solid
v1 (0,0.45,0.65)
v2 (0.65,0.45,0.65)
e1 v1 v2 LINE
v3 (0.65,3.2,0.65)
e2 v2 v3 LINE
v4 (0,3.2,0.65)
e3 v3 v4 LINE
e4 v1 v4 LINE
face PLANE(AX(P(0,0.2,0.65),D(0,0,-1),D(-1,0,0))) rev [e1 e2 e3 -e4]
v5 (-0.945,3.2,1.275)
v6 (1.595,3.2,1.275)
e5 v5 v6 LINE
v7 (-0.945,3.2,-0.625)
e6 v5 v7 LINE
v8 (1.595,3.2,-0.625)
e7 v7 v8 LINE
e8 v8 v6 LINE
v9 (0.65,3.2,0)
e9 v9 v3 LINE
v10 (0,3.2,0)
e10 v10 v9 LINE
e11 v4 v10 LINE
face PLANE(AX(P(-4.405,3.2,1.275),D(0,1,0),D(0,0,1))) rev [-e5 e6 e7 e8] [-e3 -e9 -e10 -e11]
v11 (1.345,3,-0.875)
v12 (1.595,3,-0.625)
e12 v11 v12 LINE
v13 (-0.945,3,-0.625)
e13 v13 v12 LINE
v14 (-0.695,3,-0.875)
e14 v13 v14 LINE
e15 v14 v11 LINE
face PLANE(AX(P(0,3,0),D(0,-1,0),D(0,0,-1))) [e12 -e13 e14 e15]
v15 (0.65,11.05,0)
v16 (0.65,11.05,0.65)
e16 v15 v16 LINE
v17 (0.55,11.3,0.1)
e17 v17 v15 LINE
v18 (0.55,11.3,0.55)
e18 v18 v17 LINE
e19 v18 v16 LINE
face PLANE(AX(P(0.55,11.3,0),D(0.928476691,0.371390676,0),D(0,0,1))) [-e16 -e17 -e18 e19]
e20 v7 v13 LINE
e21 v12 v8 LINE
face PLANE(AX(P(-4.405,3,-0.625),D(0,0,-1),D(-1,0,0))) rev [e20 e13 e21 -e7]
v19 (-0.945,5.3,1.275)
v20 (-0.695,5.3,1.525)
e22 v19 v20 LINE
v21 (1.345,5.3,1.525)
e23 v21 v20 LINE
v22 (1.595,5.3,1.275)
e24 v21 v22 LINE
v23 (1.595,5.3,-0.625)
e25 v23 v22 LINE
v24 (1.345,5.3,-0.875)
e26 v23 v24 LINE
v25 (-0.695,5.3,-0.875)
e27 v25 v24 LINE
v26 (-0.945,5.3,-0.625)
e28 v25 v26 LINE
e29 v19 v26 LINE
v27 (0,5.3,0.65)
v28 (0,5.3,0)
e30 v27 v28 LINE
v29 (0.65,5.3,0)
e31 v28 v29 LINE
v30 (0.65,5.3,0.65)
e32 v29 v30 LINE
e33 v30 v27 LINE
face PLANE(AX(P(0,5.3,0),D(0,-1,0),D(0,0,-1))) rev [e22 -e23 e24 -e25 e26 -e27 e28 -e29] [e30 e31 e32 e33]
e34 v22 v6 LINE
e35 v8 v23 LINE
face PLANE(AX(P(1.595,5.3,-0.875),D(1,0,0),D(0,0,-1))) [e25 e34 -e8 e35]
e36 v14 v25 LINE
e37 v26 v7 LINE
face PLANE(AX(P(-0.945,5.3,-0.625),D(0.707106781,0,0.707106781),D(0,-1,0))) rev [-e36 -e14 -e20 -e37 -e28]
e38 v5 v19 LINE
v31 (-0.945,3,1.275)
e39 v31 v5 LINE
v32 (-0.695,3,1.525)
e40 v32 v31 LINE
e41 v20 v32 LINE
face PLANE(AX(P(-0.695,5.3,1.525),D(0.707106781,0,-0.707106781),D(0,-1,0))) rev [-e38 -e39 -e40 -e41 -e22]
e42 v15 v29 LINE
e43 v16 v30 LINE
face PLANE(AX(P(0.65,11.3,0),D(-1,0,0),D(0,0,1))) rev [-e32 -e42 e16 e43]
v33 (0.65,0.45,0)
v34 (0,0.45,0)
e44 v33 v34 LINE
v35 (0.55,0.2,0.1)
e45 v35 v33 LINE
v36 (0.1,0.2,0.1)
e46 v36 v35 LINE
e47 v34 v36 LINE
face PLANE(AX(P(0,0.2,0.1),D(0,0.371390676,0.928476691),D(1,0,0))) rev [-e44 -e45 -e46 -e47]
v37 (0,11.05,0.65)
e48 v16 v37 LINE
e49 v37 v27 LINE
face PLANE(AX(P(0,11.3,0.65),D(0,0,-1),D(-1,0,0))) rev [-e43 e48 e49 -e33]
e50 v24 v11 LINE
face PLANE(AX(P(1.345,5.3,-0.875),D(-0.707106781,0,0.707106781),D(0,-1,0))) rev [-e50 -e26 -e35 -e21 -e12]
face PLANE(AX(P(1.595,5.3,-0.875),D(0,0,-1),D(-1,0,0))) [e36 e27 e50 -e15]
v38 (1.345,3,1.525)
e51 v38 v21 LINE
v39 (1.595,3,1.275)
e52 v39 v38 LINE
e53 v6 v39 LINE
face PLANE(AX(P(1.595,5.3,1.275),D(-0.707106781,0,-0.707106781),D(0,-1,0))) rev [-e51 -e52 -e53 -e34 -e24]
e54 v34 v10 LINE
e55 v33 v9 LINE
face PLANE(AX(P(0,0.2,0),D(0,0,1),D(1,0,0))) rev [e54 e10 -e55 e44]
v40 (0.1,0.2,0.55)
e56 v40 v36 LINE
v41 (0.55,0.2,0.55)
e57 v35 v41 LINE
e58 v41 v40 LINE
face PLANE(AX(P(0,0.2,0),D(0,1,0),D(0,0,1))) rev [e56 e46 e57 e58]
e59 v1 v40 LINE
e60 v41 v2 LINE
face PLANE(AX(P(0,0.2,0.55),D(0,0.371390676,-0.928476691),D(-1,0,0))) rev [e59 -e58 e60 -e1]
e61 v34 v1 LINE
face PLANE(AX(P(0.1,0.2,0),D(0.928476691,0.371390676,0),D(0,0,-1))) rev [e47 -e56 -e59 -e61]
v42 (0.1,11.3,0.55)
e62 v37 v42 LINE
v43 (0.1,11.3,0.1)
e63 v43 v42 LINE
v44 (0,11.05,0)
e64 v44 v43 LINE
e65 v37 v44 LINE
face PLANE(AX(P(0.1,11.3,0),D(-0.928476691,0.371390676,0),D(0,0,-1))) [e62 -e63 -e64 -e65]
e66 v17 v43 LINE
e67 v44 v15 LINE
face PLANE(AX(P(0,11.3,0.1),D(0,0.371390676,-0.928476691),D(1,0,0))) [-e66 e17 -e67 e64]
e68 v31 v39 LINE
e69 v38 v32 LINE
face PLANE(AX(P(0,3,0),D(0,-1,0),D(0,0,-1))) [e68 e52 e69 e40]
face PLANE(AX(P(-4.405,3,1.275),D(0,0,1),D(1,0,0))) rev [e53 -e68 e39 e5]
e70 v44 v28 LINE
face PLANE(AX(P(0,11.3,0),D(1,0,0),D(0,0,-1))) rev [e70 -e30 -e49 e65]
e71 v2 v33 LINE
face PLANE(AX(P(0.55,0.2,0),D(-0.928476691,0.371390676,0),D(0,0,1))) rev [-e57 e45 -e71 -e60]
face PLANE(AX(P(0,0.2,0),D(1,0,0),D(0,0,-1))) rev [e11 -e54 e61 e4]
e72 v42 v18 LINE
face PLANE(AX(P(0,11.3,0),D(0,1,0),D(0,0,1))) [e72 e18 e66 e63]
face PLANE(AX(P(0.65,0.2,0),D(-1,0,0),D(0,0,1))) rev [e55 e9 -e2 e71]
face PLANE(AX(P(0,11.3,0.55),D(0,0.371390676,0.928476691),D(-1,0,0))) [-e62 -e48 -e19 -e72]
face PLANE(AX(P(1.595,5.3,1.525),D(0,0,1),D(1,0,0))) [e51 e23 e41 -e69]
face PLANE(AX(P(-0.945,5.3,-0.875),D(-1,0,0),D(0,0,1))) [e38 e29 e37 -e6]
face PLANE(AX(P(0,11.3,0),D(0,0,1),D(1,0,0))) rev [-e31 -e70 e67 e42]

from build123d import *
from OCP.BRepFilletAPI import BRepFilletAPI_MakeChamfer

# Parameters (mm, degrees)
SKETCH1_W           = 0.65
SKETCH1_H           = 0.65
BOSS_EXTRUDE1_DEPTH = 11.3
CHAMFER1_SIZE       = 0.25
CHAMFER1_SIZE2      = 0.1
CHAMFER2_SIZE       = 0.1
CHAMFER2_SIZE2      = 0.25
SKETCH2_W           = 2.54
SKETCH2_H           = 2.4
BOSS_EXTRUDE2_DEPTH = 2.3
CHAMFER3_SIZE       = 0.25
SKETCH6_W           = 1.9
SKETCH6_H           = 0.2
CUT_EXTRUDE5_DEPTH  = 6
SKETCH7_W           = 0.65
SKETCH7_H           = 0.65
BOSS_EXTRUDE4_DEPTH = 3
CHAMFER5_SIZE       = 0.25
CHAMFER5_SIZE2      = 0.1


with BuildPart() as part:
    # Sketch1 → Boss-Extrude1 (new body)
    with BuildSketch(Plane(origin=(0, 0, 0), x_dir=(1, 0, 0), z_dir=(0, 1, 0))):
        with Locations((0.325, -0.325)):
            Rectangle(SKETCH1_W, SKETCH1_H)
    extrude(amount=BOSS_EXTRUDE1_DEPTH)

    # Chamfer1: one chamfer whose edges measure the first distance from different faces: ONE call of the kernel's chamfer builder (chamfer() names one face for all edges)
    chamfer1_edges_1 = [part.edges().sort_by_distance(p)[0] for p in [
        (0.65, 11.3, 0.325),
    ]]
    chamfer1_side_1 = [part.faces().sort_by_distance(p)[0] for p in [
        (0.65, 5.65, 0.325),
    ]]
    chamfer1_edges_2 = [part.edges().sort_by_distance(p)[0] for p in [
        (0.325, 11.3, 0),
    ]]
    chamfer1_side_2 = [part.faces().sort_by_distance(p)[0] for p in [
        (0.325, 5.65, 0),
    ]]
    chamfer1_edges_3 = [part.edges().sort_by_distance(p)[0] for p in [
        (0, 11.3, 0.325),
    ]]
    chamfer1_side_3 = [part.faces().sort_by_distance(p)[0] for p in [
        (0, 5.65, 0.325),
    ]]
    chamfer1_edges_4 = [part.edges().sort_by_distance(p)[0] for p in [
        (0.325, 11.3, 0.65),
    ]]
    chamfer1_side_4 = [part.faces().sort_by_distance(p)[0] for p in [
        (0.325, 5.65, 0.65),
    ]]
    chamfer1 = BRepFilletAPI_MakeChamfer(part.part.solid().wrapped)
    for e in chamfer1_edges_1:
        chamfer1.Add(CHAMFER1_SIZE, CHAMFER1_SIZE2, e.wrapped, chamfer1_side_1[0].wrapped)  # the first distance lies on this face
    for e in chamfer1_edges_2:
        chamfer1.Add(CHAMFER1_SIZE, CHAMFER1_SIZE2, e.wrapped, chamfer1_side_2[0].wrapped)  # the first distance lies on this face
    for e in chamfer1_edges_3:
        chamfer1.Add(CHAMFER1_SIZE, CHAMFER1_SIZE2, e.wrapped, chamfer1_side_3[0].wrapped)  # the first distance lies on this face
    for e in chamfer1_edges_4:
        chamfer1.Add(CHAMFER1_SIZE, CHAMFER1_SIZE2, e.wrapped, chamfer1_side_4[0].wrapped)  # the first distance lies on this face
    add(Compound.cast(chamfer1.Shape()), mode=Mode.REPLACE)

    # Chamfer2
    chamfer2_edges = [part.edges().sort_by_distance(p)[0] for p in [
        (0.325, 0, 0),
        (0.65, 0, 0.325),
        (0.325, 0, 0.65),
        (0, 0, 0.325),
    ]]
    chamfer2_side = [part.faces().sort_by_distance(p)[0] for p in [
        (0.325, 0, 0.325),
    ]]
    chamfer(chamfer2_edges, length=CHAMFER2_SIZE, length2=CHAMFER2_SIZE2, reference=chamfer2_side[0])

    # Sketch2 → Boss-Extrude2 (add)
    with BuildSketch(Plane(origin=(0, 3, 0), x_dir=(-1, 0, 0), z_dir=(0, -1, 0))):
        with Locations((-0.325, -0.325)):
            Rectangle(SKETCH2_W, SKETCH2_H)
    extrude(amount=-BOSS_EXTRUDE2_DEPTH)

    # Chamfer3
    chamfer3_edges = [part.edges().sort_by_distance(p)[0] for p in [
        (1.595, 4.15, 1.525),
        (1.595, 4.15, -0.875),
        (-0.945, 4.15, -0.875),
        (-0.945, 4.15, 1.525),
    ]]
    chamfer(chamfer3_edges, length=CHAMFER3_SIZE)

    # Sketch6 → Cut-Extrude5 (cut)
    with BuildSketch(Plane(origin=(1.595, 0, 0), x_dir=(0, 0, -1), z_dir=(1, 0, 0))):
        with Locations((-0.325, 3.1)):
            Rectangle(SKETCH6_W, SKETCH6_H)
    extrude(amount=-CUT_EXTRUDE5_DEPTH, mode=Mode.SUBTRACT)


with BuildPart() as body_2:
    # of the pieces the cut leaves, the one that is kept (cut_extrude5_keep)
    add(part.part.solids().sort_by_distance((1.345, 3, -0.875))[0])

    # Sketch7 → Boss-Extrude4 (add)
    with BuildSketch(Plane.XZ.offset(-3.2)):
        with Locations((0.325, 0.325)):
            Rectangle(SKETCH7_W, SKETCH7_H)
    extrude(amount=BOSS_EXTRUDE4_DEPTH)

    # Chamfer5: one chamfer whose edges measure the first distance from different faces: ONE call of the kernel's chamfer builder (chamfer() names one face for all edges)
    chamfer5_edges_1 = [body_2.edges().sort_by_distance(p)[0] for p in [
        (0, 0.2, 0.325),
    ]]
    chamfer5_side_1 = [body_2.faces().sort_by_distance(p)[0] for p in [
        (0, 1.7, 0.325),
    ]]
    chamfer5_edges_2 = [body_2.edges().sort_by_distance(p)[0] for p in [
        (0.325, 0.2, 0),
    ]]
    chamfer5_side_2 = [body_2.faces().sort_by_distance(p)[0] for p in [
        (0.325, 1.7, 0),
    ]]
    chamfer5_edges_3 = [body_2.edges().sort_by_distance(p)[0] for p in [
        (0.65, 0.2, 0.325),
    ]]
    chamfer5_side_3 = [body_2.faces().sort_by_distance(p)[0] for p in [
        (0.65, 1.7, 0.325),
    ]]
    chamfer5_edges_4 = [body_2.edges().sort_by_distance(p)[0] for p in [
        (0.325, 0.2, 0.65),
    ]]
    chamfer5_side_4 = [body_2.faces().sort_by_distance(p)[0] for p in [
        (0.325, 1.7, 0.65),
    ]]
    chamfer5 = BRepFilletAPI_MakeChamfer(body_2.part.solid().wrapped)
    for e in chamfer5_edges_1:
        chamfer5.Add(CHAMFER5_SIZE, CHAMFER5_SIZE2, e.wrapped, chamfer5_side_1[0].wrapped)  # the first distance lies on this face
    for e in chamfer5_edges_2:
        chamfer5.Add(CHAMFER5_SIZE, CHAMFER5_SIZE2, e.wrapped, chamfer5_side_2[0].wrapped)  # the first distance lies on this face
    for e in chamfer5_edges_3:
        chamfer5.Add(CHAMFER5_SIZE, CHAMFER5_SIZE2, e.wrapped, chamfer5_side_3[0].wrapped)  # the first distance lies on this face
    for e in chamfer5_edges_4:
        chamfer5.Add(CHAMFER5_SIZE, CHAMFER5_SIZE2, e.wrapped, chamfer5_side_4[0].wrapped)  # the first distance lies on this face
    add(Compound.cast(chamfer5.Shape()), mode=Mode.REPLACE)


solid = body_2.part
